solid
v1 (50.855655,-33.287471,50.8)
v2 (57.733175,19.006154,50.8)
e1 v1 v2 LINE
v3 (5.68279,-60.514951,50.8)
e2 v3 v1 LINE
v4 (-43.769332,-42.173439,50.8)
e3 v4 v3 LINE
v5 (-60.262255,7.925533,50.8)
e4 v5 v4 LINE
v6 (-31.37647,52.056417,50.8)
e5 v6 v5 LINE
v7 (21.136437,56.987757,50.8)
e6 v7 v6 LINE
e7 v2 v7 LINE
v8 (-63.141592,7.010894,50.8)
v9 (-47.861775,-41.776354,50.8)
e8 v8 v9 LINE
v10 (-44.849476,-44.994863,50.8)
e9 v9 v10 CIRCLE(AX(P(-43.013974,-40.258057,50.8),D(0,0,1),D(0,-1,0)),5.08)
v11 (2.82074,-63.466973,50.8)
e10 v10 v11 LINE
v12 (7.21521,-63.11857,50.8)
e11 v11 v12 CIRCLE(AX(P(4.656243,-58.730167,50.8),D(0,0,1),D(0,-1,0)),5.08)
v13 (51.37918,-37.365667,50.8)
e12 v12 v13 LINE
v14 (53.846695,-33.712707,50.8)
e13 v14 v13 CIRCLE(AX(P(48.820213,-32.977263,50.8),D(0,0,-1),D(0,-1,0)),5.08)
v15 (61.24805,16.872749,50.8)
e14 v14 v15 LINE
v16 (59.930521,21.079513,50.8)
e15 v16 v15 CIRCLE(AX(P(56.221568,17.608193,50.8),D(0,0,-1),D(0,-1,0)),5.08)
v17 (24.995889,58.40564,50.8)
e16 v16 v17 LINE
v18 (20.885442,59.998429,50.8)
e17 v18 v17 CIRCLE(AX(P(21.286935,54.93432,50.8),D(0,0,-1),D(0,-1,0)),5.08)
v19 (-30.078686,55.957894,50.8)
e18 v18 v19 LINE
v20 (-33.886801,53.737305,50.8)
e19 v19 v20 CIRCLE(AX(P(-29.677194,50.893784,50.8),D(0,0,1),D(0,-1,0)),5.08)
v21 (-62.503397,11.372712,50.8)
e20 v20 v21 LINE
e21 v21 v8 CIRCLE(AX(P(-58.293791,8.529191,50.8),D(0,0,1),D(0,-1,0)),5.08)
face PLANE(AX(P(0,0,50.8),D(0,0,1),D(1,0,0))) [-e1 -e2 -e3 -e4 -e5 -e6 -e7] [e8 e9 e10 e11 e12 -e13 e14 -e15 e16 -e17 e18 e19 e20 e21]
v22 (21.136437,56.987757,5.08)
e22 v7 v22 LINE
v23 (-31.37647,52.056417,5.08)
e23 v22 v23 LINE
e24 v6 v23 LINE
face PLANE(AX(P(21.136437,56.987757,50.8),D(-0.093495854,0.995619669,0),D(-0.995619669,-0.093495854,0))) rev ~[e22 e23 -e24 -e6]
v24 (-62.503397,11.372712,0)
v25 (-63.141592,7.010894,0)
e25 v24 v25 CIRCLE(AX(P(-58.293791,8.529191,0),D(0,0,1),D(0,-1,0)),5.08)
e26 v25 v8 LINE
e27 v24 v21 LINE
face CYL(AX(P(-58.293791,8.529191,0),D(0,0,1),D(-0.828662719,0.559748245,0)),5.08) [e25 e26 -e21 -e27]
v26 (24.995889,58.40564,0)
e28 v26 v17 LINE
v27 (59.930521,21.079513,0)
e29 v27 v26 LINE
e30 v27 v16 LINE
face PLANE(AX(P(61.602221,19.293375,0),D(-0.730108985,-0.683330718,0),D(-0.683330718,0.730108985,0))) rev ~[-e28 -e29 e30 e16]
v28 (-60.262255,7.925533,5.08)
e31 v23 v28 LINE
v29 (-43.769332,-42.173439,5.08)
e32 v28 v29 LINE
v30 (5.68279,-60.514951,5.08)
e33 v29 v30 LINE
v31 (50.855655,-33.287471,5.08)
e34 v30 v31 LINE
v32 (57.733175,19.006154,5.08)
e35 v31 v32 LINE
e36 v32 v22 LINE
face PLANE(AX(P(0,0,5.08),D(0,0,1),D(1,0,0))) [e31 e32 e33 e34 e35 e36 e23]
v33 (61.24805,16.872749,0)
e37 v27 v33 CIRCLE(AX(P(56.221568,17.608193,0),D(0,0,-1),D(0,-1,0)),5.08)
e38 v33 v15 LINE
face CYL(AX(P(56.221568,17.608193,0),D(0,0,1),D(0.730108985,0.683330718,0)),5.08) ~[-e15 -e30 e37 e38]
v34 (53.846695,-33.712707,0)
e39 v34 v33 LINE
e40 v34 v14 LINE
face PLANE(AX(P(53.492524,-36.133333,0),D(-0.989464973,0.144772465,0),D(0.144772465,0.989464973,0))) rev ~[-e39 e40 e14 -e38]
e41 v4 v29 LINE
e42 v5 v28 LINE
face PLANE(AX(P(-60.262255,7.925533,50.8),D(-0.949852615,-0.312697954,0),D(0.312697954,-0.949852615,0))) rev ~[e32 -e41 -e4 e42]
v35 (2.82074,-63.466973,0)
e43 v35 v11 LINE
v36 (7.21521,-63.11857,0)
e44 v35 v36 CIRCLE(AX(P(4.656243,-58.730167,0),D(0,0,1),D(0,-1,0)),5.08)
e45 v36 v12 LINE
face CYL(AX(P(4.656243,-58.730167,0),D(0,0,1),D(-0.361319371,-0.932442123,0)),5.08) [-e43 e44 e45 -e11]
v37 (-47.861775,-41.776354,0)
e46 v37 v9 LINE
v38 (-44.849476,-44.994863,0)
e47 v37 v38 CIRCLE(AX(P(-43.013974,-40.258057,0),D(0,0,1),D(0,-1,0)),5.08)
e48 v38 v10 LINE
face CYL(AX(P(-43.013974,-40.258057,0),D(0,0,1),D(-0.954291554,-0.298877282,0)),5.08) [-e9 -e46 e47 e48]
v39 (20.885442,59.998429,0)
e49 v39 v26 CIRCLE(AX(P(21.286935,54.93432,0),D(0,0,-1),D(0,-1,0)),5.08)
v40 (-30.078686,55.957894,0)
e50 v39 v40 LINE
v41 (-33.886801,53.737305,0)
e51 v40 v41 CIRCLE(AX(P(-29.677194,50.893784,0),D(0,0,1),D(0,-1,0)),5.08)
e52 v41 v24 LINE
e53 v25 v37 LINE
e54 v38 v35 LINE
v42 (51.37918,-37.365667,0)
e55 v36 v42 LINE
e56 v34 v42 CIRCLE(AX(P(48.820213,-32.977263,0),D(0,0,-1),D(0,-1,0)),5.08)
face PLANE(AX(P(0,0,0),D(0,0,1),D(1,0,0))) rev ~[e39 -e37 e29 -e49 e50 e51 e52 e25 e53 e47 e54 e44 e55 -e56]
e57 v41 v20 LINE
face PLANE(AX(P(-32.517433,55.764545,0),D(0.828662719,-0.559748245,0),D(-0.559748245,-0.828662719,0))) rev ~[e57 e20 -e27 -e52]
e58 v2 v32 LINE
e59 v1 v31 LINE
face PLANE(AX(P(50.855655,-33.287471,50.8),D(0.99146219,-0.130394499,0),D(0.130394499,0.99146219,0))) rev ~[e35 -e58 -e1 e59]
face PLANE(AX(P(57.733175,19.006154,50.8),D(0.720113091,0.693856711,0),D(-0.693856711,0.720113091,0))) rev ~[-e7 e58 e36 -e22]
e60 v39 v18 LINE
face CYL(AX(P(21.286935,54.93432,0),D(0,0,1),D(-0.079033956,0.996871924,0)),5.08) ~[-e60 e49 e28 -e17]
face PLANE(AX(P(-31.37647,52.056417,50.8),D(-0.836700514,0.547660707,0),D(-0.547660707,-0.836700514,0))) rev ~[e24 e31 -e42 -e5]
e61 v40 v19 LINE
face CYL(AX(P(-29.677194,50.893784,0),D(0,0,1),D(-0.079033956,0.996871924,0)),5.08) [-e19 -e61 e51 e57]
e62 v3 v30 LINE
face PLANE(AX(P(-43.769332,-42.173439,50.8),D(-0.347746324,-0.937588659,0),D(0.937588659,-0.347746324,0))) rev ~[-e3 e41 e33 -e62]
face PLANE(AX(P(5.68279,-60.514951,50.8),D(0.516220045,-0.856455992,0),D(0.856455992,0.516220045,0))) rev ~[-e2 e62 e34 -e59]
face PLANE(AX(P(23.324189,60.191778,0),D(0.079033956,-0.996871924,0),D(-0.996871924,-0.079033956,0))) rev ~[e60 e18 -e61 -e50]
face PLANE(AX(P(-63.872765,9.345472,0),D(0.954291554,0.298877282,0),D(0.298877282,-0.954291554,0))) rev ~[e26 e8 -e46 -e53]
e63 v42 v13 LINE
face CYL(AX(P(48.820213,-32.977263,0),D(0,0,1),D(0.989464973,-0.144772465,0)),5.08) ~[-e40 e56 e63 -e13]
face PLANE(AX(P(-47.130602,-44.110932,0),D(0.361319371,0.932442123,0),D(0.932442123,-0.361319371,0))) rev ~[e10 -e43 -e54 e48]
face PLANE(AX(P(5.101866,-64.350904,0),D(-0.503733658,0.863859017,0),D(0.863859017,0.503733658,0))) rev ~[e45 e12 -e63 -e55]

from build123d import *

# Parameters (mm, degrees)
F1_DEPTH = 50.8
F3_DEPTH = 45.72
F4_R     = 5.08


with BuildPart() as f1:
    # F0 (on Top) → F1 (new body)
    with BuildSketch(Plane.XY):
        Polygon((23.324189, 60.191778), (-32.517433, 55.764545), (-63.872765, 9.345472), (-47.130602, -44.110932), (5.101866, -64.350904), (53.492524, -36.133333), (61.602221, 19.293375), align=None)
    extrude(amount=F1_DEPTH)

    # F2 (on face) → F3 (cut)
    with BuildSketch(Plane.XY.offset(50.8)):
        Polygon((21.136437, 56.987757), (-31.37647, 52.056417), (-60.262255, 7.925533), (-43.769332, -42.173439), (5.68279, -60.514951), (50.855655, -33.287471), (57.733175, 19.006154), align=None)
    extrude(amount=-F3_DEPTH, mode=Mode.SUBTRACT)

    # F4
    f4_edges = [f1.edges().sort_by_distance(p)[0] for p in [
        (-63.872765, 9.345472, 25.4),
        (-32.517433, 55.764545, 25.4),
        (23.324189, 60.191778, 25.4),
        (61.602221, 19.293375, 25.4),
        (53.492524, -36.133333, 25.4),
        (-47.130602, -44.110932, 25.4),
        (5.101866, -64.350904, 25.4),
    ]]
    fillet(f4_edges, radius=F4_R)


solid = f1.part
